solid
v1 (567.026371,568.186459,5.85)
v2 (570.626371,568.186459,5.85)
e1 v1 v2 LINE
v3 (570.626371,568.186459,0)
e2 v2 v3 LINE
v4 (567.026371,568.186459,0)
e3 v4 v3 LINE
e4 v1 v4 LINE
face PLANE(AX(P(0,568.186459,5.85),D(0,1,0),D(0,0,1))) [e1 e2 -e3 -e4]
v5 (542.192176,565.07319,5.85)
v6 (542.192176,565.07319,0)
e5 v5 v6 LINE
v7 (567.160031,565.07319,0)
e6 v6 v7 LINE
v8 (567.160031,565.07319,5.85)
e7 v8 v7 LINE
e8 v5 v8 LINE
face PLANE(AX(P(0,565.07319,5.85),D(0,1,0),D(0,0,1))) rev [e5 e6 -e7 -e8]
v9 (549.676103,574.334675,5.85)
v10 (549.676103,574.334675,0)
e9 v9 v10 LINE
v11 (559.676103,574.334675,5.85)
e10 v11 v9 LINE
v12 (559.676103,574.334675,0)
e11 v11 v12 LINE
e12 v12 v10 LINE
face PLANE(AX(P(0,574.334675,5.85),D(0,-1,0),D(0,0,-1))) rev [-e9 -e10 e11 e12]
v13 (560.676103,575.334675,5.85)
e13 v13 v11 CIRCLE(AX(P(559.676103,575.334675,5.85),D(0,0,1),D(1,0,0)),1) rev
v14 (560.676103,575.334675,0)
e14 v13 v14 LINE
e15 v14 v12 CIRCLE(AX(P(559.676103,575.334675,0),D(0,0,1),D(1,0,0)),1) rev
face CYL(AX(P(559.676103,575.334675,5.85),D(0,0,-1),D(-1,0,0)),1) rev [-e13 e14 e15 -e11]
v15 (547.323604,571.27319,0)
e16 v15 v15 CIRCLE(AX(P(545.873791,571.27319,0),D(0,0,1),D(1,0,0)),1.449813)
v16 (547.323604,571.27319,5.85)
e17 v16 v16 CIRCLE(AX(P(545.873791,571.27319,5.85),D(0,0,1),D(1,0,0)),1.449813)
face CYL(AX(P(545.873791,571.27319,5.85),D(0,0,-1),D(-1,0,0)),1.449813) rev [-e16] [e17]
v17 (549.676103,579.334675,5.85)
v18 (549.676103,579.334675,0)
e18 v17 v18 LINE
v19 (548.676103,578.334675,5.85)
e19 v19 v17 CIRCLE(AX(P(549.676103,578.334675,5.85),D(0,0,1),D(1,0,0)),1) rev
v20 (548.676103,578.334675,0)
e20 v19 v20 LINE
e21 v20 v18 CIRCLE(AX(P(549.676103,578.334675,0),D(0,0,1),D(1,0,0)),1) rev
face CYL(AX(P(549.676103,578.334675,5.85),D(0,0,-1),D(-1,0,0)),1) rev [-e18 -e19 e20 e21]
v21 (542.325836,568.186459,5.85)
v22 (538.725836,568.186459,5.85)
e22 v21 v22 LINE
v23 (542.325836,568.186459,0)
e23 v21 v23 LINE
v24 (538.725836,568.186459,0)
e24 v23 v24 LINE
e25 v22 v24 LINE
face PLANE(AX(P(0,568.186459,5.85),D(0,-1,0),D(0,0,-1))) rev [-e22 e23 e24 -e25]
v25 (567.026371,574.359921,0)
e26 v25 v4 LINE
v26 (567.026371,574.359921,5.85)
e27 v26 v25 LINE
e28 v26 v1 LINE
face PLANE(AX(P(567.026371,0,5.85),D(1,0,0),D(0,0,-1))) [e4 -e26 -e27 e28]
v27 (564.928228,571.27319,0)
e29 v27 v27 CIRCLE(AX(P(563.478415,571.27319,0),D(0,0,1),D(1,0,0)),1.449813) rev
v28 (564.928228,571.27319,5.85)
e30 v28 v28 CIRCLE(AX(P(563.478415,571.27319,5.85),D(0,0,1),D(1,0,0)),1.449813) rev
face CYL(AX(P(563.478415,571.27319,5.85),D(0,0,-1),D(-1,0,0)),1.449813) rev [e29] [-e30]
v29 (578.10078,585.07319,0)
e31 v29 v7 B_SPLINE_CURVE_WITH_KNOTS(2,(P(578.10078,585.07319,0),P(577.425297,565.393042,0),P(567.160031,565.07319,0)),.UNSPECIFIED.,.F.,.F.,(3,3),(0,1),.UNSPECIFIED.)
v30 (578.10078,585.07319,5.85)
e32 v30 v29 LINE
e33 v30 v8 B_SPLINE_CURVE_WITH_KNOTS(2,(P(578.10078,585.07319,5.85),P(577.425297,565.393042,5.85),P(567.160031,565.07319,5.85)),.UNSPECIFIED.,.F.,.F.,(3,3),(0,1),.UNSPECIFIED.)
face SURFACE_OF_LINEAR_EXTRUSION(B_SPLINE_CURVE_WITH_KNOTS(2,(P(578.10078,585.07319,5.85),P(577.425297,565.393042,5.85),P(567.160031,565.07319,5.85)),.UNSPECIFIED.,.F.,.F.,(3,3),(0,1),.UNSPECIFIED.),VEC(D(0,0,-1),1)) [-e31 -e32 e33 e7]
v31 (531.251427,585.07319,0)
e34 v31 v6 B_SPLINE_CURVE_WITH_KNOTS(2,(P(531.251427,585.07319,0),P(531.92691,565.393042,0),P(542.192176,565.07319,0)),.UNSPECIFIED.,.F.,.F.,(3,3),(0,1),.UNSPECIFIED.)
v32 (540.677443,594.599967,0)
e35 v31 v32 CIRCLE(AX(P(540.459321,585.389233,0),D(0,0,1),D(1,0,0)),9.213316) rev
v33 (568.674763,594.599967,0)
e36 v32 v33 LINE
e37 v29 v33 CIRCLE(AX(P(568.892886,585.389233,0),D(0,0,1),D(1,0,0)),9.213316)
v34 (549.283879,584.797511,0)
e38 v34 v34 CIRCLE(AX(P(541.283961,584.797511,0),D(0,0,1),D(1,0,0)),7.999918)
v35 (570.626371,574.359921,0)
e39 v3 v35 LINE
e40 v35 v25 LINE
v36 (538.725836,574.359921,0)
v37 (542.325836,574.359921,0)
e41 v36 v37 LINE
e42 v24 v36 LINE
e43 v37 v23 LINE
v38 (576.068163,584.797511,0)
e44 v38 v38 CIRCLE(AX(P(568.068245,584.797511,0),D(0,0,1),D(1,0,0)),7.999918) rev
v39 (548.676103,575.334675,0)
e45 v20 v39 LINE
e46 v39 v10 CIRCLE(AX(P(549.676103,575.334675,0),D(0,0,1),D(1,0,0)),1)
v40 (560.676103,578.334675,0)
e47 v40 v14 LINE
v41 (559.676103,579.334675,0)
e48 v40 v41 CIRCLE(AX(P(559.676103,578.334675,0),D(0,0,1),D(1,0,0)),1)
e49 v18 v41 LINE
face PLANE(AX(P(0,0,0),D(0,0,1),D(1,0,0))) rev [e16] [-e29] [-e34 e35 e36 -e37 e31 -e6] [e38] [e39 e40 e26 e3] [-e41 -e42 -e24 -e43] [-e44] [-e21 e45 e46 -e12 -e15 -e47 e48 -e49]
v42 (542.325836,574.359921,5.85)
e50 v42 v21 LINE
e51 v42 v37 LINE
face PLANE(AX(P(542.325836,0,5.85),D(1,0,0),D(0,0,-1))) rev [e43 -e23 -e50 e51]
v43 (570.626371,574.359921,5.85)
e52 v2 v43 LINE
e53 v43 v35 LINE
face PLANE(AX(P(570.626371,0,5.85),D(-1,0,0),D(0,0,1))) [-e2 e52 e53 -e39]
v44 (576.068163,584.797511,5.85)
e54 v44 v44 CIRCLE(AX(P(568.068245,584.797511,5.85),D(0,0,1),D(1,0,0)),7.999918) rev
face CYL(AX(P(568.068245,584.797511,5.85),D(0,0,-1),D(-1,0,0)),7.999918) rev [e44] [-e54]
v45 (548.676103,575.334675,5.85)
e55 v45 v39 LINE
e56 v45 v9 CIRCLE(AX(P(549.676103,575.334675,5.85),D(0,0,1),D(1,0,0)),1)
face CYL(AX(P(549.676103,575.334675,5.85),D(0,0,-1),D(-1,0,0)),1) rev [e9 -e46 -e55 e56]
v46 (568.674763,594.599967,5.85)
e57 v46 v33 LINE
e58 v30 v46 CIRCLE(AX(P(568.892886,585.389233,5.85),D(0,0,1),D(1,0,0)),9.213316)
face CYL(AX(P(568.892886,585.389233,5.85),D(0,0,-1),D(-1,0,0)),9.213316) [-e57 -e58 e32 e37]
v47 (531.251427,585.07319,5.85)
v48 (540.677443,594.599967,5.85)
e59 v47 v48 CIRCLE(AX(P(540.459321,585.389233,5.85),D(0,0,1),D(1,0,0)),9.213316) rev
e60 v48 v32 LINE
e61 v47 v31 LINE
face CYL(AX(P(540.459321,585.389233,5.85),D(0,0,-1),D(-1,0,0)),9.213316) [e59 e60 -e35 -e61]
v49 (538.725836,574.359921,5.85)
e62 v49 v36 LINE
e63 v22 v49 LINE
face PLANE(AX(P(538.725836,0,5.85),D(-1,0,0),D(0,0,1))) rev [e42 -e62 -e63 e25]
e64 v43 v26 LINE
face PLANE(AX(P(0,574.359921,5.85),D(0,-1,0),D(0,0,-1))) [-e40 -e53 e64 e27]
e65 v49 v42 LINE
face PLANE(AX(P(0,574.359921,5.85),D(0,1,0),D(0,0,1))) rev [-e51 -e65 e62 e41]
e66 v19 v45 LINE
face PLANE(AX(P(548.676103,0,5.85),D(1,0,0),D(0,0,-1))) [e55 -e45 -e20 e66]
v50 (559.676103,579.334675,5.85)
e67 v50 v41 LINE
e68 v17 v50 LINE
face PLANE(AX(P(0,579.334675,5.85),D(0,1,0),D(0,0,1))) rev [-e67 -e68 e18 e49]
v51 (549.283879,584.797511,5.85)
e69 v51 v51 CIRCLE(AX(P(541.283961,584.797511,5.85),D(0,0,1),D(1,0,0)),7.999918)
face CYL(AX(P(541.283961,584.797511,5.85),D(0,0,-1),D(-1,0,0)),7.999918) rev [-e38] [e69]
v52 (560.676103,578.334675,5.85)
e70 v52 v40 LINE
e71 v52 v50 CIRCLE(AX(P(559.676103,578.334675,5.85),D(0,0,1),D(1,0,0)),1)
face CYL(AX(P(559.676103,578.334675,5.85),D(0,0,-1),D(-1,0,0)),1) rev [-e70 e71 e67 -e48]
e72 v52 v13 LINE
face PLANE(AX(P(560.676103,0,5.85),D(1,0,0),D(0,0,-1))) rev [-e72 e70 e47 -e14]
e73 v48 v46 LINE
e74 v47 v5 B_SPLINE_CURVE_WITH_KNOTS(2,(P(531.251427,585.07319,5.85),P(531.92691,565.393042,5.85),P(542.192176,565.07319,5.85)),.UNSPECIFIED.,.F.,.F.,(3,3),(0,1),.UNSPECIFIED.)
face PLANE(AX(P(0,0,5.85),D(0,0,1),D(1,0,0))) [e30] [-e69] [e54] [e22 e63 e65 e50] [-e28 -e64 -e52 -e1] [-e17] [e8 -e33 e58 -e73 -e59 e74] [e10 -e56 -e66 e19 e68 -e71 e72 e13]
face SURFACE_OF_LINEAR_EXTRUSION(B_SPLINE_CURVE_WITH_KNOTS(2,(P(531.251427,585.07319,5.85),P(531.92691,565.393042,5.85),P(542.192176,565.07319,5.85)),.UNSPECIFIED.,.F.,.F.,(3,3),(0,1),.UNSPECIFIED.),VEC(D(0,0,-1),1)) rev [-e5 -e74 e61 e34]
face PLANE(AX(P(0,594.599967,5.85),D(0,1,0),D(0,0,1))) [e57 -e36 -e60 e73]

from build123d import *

# Parameters (mm, degrees)
MODEL_R             = 1.449812935
MODEL_R_2           = 7.999917631
MODEL_W             = 3.6
MODEL_H             = 6.173462
BOSS_EXTRUDE1_DEPTH = 5.85


with BuildPart() as part:
    # Model → Boss-Extrude1 (new body)
    with BuildSketch(Plane.XY):
        with BuildLine():
            ThreePointArc((531.251426748, 585.073190054), (533.909979714, 591.869304693), (540.677443159, 594.599966993))
            Line((540.677443159, 594.599966993), (568.674763139, 594.599966993))
            ThreePointArc((568.674763139, 594.599966993), (575.442226583, 591.869304693), (578.10077955, 585.073190054))
            add(Edge.make_bspline(
                [(578.10077955, 585.073190054), (577.425296665, 565.393042288), (567.160030567, 565.073190054)],
                knots=[0, 0, 0, 1, 1, 1], degree=2))
            Line((567.160030567, 565.073190054), (542.192175731, 565.073190054))
            add(Edge.make_bspline(
                [(531.251426748, 585.073190054), (531.926909632, 565.393042288), (542.192175731, 565.073190054)],
                knots=[0, 0, 0, 1, 1, 1], degree=2))
        make_face()
        with Locations((563.478415084, 571.273190054)):
            Circle(MODEL_R, mode=Mode.SUBTRACT)
        with Locations((541.283961295, 584.797511369)):
            Circle(MODEL_R_2, mode=Mode.SUBTRACT)
        with Locations((545.873791214, 571.273190054)):
            Circle(MODEL_R, mode=Mode.SUBTRACT)
        with Locations((568.068245003, 584.797511369)):
            Circle(MODEL_R_2, mode=Mode.SUBTRACT)
        with BuildLine():
            Line((560.676103149, 578.334674665), (560.676103149, 575.334674665))
            ThreePointArc((560.676103149, 575.334674665), (560.38320993, 574.627567884), (559.676103149, 574.334674665))
            Line((559.676103149, 574.334674665), (554.676103149, 574.334674665))
            Line((554.676103149, 574.334674665), (549.676103149, 574.334674665))
            ThreePointArc((549.676103149, 574.334674665), (548.968996368, 574.627567884), (548.676103149, 575.334674665))
            Line((548.676103149, 575.334674665), (548.676103149, 578.334674665))
            ThreePointArc((548.676103149, 578.334674665), (548.968996368, 579.041781446), (549.676103149, 579.334674665))
            Line((549.676103149, 579.334674665), (554.676103149, 579.334674665))
            Line((554.676103149, 579.334674665), (559.676103149, 579.334674665))
            ThreePointArc((559.676103149, 579.334674665), (560.38320993, 579.041781446), (560.676103149, 578.334674665))
        make_face(mode=Mode.SUBTRACT)
        with Locations((568.826370712, 571.273190054)):
            Rectangle(MODEL_W, MODEL_H, mode=Mode.SUBTRACT)
        with Locations((540.525835586, 571.273190054)):
            Rectangle(MODEL_W, MODEL_H, mode=Mode.SUBTRACT)
    extrude(amount=BOSS_EXTRUDE1_DEPTH)


solid = part.part
